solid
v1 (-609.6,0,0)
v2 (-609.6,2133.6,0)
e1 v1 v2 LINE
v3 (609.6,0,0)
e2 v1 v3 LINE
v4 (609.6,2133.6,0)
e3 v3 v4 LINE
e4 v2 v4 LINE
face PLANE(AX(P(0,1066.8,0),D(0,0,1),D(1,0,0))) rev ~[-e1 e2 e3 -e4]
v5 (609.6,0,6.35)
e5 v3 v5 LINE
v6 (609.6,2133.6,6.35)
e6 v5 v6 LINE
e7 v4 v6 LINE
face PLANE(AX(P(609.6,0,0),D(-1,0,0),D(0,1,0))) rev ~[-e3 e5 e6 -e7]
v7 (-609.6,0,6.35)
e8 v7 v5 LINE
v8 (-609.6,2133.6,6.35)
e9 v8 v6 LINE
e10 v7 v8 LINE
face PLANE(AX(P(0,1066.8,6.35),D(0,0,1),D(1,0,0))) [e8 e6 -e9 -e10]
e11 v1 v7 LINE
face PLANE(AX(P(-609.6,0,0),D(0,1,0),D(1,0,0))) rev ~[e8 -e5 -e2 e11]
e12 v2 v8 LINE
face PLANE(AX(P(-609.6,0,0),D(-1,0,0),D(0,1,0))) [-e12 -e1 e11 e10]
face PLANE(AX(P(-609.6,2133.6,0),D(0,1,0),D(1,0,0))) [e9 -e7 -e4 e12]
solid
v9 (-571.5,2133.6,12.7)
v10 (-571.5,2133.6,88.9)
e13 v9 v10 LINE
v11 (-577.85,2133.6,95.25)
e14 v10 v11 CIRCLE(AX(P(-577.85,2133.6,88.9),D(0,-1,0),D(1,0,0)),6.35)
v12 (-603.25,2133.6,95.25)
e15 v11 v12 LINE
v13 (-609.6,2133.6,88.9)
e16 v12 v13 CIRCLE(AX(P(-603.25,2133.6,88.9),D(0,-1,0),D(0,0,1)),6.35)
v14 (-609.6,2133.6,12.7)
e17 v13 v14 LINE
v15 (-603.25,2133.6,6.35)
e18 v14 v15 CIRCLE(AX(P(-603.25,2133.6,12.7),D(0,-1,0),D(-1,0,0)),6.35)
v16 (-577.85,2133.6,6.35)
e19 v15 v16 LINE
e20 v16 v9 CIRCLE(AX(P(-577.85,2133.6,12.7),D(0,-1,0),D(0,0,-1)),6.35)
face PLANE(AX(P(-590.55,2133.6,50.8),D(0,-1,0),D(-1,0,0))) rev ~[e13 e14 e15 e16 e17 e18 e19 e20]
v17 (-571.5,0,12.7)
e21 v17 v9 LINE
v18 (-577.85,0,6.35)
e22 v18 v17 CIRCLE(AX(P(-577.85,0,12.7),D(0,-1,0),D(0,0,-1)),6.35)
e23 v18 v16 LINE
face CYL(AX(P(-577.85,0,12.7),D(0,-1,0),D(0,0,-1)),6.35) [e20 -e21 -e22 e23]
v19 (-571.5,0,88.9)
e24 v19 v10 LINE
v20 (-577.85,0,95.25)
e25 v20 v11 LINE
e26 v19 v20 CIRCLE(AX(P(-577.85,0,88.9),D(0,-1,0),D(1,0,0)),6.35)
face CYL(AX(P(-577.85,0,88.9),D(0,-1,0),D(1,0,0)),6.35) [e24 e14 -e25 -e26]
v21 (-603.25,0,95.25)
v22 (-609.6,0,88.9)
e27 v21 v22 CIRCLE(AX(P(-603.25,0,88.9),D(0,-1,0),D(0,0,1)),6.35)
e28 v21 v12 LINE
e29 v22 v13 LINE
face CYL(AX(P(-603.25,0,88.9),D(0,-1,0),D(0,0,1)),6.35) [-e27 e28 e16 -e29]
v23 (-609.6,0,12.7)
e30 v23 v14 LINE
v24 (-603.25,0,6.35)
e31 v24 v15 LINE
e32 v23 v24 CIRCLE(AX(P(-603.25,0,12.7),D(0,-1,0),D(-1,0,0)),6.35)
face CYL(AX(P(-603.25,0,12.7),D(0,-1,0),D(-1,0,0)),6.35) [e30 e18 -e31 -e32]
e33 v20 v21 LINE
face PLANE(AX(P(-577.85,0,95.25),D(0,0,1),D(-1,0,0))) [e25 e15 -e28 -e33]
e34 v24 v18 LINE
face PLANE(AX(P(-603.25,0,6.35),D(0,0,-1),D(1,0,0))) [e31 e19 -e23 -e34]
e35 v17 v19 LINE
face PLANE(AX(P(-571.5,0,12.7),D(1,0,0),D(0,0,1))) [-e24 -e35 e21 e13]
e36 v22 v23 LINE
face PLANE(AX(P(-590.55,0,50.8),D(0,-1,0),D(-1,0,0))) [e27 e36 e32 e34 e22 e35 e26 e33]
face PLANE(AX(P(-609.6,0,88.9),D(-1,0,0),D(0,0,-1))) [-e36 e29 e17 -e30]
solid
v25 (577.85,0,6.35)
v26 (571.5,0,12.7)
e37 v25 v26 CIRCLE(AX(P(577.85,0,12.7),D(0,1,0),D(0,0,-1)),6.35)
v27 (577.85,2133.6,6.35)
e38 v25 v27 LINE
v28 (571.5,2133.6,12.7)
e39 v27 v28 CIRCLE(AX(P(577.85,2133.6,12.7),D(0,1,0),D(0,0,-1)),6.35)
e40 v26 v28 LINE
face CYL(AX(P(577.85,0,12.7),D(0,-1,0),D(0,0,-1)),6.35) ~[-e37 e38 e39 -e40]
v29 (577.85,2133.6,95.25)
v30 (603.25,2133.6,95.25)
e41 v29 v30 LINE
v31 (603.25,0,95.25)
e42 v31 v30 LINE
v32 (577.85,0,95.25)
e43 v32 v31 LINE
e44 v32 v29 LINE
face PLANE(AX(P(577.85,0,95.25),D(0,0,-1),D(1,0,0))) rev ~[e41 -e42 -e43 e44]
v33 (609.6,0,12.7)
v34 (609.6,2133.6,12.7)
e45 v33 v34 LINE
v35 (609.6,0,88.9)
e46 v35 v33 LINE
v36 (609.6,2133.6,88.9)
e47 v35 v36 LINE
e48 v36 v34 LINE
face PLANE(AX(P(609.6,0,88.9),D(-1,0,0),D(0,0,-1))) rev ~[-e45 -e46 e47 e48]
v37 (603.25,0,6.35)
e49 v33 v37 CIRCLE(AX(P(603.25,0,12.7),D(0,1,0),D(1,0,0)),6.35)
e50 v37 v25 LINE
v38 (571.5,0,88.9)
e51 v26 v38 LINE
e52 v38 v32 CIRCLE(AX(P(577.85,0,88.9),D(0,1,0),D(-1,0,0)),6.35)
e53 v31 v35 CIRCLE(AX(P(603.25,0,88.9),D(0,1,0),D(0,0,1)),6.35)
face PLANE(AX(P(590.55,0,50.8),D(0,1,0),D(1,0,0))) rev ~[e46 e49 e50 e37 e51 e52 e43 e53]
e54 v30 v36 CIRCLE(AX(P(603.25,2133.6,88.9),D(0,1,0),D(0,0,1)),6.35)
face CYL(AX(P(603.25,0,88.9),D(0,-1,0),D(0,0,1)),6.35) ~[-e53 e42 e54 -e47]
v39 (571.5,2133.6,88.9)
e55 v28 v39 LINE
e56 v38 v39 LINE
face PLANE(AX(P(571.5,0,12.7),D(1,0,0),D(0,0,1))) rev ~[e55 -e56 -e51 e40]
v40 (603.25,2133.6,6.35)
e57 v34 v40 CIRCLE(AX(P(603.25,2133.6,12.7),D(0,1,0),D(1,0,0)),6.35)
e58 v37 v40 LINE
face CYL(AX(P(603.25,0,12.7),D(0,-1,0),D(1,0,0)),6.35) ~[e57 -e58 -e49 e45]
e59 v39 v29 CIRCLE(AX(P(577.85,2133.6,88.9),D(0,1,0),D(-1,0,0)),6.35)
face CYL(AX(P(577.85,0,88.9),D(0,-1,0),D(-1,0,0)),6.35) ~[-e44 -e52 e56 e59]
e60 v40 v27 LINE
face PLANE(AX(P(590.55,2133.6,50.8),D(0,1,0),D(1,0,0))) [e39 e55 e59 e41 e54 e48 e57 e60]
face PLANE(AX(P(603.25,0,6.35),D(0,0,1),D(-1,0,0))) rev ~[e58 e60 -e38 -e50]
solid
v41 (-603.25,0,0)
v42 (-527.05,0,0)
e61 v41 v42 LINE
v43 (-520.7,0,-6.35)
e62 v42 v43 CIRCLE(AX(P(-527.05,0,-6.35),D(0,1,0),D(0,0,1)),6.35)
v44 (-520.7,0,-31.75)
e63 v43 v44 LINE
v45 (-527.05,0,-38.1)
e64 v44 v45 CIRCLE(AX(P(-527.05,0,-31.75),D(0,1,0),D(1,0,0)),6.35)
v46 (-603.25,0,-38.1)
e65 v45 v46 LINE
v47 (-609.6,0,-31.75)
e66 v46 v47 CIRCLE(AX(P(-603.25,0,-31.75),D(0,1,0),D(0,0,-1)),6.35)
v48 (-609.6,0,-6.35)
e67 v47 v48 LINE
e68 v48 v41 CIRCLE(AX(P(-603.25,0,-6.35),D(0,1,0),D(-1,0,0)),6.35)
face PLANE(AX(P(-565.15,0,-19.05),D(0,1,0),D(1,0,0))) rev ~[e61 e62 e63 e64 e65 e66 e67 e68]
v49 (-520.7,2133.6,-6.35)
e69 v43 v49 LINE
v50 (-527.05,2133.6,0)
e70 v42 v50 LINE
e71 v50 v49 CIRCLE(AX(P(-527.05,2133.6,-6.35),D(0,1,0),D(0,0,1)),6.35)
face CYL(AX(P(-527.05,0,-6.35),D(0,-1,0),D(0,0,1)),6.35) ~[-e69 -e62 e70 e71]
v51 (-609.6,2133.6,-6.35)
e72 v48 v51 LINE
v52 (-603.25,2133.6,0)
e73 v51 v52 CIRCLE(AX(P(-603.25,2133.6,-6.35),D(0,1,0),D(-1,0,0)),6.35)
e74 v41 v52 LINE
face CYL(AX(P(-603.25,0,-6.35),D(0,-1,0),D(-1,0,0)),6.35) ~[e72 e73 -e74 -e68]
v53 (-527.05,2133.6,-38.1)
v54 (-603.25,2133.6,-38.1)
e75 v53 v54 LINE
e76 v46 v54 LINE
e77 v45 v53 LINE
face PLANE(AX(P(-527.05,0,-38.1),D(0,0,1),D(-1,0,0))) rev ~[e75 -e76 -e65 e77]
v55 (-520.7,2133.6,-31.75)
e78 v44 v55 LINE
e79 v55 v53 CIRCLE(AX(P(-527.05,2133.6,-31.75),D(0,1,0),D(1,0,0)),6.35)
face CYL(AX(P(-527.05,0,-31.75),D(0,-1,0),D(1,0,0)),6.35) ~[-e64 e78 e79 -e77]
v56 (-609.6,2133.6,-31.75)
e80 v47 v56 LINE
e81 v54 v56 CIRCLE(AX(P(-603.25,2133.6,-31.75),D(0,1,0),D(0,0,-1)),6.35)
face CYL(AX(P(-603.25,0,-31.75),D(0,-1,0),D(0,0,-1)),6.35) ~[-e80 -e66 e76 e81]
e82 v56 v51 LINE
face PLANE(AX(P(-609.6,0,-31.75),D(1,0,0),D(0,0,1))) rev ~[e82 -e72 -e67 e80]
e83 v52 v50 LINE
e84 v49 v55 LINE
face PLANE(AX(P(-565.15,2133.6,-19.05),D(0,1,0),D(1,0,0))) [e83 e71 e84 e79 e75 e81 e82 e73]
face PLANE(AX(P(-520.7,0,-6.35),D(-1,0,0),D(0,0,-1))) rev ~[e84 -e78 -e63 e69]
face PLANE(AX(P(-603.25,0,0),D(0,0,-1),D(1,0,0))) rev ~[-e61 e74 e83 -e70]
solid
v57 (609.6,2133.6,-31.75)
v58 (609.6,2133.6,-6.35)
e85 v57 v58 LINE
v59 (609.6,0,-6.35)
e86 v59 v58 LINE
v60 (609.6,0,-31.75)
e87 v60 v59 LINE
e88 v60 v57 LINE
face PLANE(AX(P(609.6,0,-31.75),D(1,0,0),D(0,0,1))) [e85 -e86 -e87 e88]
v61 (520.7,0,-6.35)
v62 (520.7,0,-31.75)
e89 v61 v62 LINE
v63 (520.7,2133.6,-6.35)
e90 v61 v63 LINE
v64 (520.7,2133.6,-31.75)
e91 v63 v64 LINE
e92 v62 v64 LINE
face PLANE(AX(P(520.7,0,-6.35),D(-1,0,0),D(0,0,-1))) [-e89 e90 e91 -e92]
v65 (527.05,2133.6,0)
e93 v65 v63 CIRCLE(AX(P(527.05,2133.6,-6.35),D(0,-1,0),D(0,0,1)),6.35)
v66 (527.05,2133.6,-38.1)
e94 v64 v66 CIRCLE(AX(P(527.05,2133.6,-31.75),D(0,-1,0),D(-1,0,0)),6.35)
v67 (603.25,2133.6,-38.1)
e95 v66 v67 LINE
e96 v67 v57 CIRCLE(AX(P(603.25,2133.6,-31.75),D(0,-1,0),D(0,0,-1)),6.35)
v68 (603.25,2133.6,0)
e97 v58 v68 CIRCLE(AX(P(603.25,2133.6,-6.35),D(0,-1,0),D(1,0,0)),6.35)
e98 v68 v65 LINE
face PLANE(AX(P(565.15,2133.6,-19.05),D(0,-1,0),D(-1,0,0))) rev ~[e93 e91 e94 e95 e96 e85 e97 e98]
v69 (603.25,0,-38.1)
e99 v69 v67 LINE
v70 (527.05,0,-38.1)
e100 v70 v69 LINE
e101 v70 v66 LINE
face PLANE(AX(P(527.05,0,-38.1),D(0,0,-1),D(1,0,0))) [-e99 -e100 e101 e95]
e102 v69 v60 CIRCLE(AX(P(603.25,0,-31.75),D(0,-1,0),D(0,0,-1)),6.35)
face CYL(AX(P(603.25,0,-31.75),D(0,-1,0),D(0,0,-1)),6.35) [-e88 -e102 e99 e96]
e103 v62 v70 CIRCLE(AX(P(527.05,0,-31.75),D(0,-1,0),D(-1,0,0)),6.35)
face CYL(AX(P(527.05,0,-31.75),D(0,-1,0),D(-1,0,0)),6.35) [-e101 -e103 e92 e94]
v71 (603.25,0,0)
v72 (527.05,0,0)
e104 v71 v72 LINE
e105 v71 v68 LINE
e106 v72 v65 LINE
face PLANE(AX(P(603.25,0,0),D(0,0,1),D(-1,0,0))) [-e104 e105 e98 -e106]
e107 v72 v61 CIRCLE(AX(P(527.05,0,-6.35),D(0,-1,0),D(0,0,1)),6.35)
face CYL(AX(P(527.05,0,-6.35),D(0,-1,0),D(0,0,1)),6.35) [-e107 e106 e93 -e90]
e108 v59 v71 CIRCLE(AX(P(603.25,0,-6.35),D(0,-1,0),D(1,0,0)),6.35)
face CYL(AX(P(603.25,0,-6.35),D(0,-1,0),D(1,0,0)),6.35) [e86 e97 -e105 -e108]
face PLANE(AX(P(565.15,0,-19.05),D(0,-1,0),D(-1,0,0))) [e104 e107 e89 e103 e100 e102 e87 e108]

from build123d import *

# Parameters (mm, degrees)
SKETCH1_W             = 1219.2
SKETCH1_H             = 2133.6
BOSS_EXTRUDE1_DEPTH   = 6.35
BOSS_EXTRUDE2_DEPTH   = 2133.6
BOSS_EXTRUDE2_2_DEPTH = 2133.6
BOSS_EXTRUDE3_DEPTH   = 2133.6
BOSS_EXTRUDE3_2_DEPTH = 2133.6


with BuildPart() as part:
    # Sketch1 → Boss-Extrude1 (new body)
    with BuildSketch(Plane.XY):
        with Locations((0, 1066.8)):
            Rectangle(SKETCH1_W, SKETCH1_H)
    extrude(amount=BOSS_EXTRUDE1_DEPTH)


with BuildPart() as body_2:
    # Sketch2 → Boss-Extrude2 (new body)
    with BuildSketch(Plane(origin=(0, 0, 0), x_dir=(1, 0, 0), z_dir=(0, 1, 0))):
        with BuildLine():
            Line((603.25, -6.35), (577.85, -6.35))
            ThreePointArc((577.85, -6.35), (573.359871939, -8.209871939), (571.5, -12.7))
            Line((571.5, -12.7), (571.5, -88.9))
            ThreePointArc((571.5, -88.9), (573.359871939, -93.390128061), (577.85, -95.25))
            Line((577.85, -95.25), (603.25, -95.25))
            ThreePointArc((603.25, -95.25), (607.740128061, -93.390128061), (609.6, -88.9))
            Line((609.6, -88.9), (609.6, -12.7))
            ThreePointArc((609.6, -12.7), (607.740128061, -8.209871939), (603.25, -6.35))
        make_face()
    extrude(amount=BOSS_EXTRUDE2_DEPTH)


with BuildPart() as body_3:
    # Sketch2 → Boss-Extrude2 2 (new body)
    with BuildSketch(Plane(origin=(0, 0, 0), x_dir=(1, 0, 0), z_dir=(0, 1, 0))):
        with BuildLine():
            Line((-603.25, -6.35), (-577.85, -6.35))
            ThreePointArc((-577.85, -6.35), (-573.359871939, -8.209871939), (-571.5, -12.7))
            Line((-571.5, -12.7), (-571.5, -88.9))
            ThreePointArc((-571.5, -88.9), (-573.359871939, -93.390128061), (-577.85, -95.25))
            Line((-577.85, -95.25), (-603.25, -95.25))
            ThreePointArc((-603.25, -95.25), (-607.740128061, -93.390128061), (-609.6, -88.9))
            Line((-609.6, -88.9), (-609.6, -12.7))
            ThreePointArc((-609.6, -12.7), (-607.740128061, -8.209871939), (-603.25, -6.35))
        make_face()
    extrude(amount=BOSS_EXTRUDE2_2_DEPTH)


with BuildPart() as body_4:
    # Sketch3 → Boss-Extrude3 (new body)
    with BuildSketch(Plane(origin=(0, 0, 0), x_dir=(1, 0, 0), z_dir=(0, 1, 0))):
        with BuildLine():
            Line((603.25, 0), (527.05, 0))
            ThreePointArc((527.05, 0), (522.559871939, 1.859871939), (520.7, 6.35))
            Line((520.7, 6.35), (520.7, 31.75))
            ThreePointArc((520.7, 31.75), (522.559871939, 36.240128061), (527.05, 38.1))
            Line((527.05, 38.1), (603.25, 38.1))
            ThreePointArc((603.25, 38.1), (607.740128061, 36.240128061), (609.6, 31.75))
            Line((609.6, 31.75), (609.6, 6.35))
            ThreePointArc((609.6, 6.35), (607.740128061, 1.859871939), (603.25, 0))
        make_face()
    extrude(amount=BOSS_EXTRUDE3_DEPTH)


with BuildPart() as body_5:
    # Sketch3 → Boss-Extrude3 2 (new body)
    with BuildSketch(Plane(origin=(0, 0, 0), x_dir=(1, 0, 0), z_dir=(0, 1, 0))):
        with BuildLine():
            Line((-603.25, 0), (-527.05, 0))
            ThreePointArc((-527.05, 0), (-522.559871939, 1.859871939), (-520.7, 6.35))
            Line((-520.7, 6.35), (-520.7, 31.75))
            ThreePointArc((-520.7, 31.75), (-522.559871939, 36.240128061), (-527.05, 38.1))
            Line((-527.05, 38.1), (-603.25, 38.1))
            ThreePointArc((-603.25, 38.1), (-607.740128061, 36.240128061), (-609.6, 31.75))
            Line((-609.6, 31.75), (-609.6, 6.35))
            ThreePointArc((-609.6, 6.35), (-607.740128061, 1.859871939), (-603.25, 0))
        make_face()
    extrude(amount=BOSS_EXTRUDE3_2_DEPTH)


solid = Compound([part.part, body_2.part, body_3.part, body_4.part, body_5.part])
